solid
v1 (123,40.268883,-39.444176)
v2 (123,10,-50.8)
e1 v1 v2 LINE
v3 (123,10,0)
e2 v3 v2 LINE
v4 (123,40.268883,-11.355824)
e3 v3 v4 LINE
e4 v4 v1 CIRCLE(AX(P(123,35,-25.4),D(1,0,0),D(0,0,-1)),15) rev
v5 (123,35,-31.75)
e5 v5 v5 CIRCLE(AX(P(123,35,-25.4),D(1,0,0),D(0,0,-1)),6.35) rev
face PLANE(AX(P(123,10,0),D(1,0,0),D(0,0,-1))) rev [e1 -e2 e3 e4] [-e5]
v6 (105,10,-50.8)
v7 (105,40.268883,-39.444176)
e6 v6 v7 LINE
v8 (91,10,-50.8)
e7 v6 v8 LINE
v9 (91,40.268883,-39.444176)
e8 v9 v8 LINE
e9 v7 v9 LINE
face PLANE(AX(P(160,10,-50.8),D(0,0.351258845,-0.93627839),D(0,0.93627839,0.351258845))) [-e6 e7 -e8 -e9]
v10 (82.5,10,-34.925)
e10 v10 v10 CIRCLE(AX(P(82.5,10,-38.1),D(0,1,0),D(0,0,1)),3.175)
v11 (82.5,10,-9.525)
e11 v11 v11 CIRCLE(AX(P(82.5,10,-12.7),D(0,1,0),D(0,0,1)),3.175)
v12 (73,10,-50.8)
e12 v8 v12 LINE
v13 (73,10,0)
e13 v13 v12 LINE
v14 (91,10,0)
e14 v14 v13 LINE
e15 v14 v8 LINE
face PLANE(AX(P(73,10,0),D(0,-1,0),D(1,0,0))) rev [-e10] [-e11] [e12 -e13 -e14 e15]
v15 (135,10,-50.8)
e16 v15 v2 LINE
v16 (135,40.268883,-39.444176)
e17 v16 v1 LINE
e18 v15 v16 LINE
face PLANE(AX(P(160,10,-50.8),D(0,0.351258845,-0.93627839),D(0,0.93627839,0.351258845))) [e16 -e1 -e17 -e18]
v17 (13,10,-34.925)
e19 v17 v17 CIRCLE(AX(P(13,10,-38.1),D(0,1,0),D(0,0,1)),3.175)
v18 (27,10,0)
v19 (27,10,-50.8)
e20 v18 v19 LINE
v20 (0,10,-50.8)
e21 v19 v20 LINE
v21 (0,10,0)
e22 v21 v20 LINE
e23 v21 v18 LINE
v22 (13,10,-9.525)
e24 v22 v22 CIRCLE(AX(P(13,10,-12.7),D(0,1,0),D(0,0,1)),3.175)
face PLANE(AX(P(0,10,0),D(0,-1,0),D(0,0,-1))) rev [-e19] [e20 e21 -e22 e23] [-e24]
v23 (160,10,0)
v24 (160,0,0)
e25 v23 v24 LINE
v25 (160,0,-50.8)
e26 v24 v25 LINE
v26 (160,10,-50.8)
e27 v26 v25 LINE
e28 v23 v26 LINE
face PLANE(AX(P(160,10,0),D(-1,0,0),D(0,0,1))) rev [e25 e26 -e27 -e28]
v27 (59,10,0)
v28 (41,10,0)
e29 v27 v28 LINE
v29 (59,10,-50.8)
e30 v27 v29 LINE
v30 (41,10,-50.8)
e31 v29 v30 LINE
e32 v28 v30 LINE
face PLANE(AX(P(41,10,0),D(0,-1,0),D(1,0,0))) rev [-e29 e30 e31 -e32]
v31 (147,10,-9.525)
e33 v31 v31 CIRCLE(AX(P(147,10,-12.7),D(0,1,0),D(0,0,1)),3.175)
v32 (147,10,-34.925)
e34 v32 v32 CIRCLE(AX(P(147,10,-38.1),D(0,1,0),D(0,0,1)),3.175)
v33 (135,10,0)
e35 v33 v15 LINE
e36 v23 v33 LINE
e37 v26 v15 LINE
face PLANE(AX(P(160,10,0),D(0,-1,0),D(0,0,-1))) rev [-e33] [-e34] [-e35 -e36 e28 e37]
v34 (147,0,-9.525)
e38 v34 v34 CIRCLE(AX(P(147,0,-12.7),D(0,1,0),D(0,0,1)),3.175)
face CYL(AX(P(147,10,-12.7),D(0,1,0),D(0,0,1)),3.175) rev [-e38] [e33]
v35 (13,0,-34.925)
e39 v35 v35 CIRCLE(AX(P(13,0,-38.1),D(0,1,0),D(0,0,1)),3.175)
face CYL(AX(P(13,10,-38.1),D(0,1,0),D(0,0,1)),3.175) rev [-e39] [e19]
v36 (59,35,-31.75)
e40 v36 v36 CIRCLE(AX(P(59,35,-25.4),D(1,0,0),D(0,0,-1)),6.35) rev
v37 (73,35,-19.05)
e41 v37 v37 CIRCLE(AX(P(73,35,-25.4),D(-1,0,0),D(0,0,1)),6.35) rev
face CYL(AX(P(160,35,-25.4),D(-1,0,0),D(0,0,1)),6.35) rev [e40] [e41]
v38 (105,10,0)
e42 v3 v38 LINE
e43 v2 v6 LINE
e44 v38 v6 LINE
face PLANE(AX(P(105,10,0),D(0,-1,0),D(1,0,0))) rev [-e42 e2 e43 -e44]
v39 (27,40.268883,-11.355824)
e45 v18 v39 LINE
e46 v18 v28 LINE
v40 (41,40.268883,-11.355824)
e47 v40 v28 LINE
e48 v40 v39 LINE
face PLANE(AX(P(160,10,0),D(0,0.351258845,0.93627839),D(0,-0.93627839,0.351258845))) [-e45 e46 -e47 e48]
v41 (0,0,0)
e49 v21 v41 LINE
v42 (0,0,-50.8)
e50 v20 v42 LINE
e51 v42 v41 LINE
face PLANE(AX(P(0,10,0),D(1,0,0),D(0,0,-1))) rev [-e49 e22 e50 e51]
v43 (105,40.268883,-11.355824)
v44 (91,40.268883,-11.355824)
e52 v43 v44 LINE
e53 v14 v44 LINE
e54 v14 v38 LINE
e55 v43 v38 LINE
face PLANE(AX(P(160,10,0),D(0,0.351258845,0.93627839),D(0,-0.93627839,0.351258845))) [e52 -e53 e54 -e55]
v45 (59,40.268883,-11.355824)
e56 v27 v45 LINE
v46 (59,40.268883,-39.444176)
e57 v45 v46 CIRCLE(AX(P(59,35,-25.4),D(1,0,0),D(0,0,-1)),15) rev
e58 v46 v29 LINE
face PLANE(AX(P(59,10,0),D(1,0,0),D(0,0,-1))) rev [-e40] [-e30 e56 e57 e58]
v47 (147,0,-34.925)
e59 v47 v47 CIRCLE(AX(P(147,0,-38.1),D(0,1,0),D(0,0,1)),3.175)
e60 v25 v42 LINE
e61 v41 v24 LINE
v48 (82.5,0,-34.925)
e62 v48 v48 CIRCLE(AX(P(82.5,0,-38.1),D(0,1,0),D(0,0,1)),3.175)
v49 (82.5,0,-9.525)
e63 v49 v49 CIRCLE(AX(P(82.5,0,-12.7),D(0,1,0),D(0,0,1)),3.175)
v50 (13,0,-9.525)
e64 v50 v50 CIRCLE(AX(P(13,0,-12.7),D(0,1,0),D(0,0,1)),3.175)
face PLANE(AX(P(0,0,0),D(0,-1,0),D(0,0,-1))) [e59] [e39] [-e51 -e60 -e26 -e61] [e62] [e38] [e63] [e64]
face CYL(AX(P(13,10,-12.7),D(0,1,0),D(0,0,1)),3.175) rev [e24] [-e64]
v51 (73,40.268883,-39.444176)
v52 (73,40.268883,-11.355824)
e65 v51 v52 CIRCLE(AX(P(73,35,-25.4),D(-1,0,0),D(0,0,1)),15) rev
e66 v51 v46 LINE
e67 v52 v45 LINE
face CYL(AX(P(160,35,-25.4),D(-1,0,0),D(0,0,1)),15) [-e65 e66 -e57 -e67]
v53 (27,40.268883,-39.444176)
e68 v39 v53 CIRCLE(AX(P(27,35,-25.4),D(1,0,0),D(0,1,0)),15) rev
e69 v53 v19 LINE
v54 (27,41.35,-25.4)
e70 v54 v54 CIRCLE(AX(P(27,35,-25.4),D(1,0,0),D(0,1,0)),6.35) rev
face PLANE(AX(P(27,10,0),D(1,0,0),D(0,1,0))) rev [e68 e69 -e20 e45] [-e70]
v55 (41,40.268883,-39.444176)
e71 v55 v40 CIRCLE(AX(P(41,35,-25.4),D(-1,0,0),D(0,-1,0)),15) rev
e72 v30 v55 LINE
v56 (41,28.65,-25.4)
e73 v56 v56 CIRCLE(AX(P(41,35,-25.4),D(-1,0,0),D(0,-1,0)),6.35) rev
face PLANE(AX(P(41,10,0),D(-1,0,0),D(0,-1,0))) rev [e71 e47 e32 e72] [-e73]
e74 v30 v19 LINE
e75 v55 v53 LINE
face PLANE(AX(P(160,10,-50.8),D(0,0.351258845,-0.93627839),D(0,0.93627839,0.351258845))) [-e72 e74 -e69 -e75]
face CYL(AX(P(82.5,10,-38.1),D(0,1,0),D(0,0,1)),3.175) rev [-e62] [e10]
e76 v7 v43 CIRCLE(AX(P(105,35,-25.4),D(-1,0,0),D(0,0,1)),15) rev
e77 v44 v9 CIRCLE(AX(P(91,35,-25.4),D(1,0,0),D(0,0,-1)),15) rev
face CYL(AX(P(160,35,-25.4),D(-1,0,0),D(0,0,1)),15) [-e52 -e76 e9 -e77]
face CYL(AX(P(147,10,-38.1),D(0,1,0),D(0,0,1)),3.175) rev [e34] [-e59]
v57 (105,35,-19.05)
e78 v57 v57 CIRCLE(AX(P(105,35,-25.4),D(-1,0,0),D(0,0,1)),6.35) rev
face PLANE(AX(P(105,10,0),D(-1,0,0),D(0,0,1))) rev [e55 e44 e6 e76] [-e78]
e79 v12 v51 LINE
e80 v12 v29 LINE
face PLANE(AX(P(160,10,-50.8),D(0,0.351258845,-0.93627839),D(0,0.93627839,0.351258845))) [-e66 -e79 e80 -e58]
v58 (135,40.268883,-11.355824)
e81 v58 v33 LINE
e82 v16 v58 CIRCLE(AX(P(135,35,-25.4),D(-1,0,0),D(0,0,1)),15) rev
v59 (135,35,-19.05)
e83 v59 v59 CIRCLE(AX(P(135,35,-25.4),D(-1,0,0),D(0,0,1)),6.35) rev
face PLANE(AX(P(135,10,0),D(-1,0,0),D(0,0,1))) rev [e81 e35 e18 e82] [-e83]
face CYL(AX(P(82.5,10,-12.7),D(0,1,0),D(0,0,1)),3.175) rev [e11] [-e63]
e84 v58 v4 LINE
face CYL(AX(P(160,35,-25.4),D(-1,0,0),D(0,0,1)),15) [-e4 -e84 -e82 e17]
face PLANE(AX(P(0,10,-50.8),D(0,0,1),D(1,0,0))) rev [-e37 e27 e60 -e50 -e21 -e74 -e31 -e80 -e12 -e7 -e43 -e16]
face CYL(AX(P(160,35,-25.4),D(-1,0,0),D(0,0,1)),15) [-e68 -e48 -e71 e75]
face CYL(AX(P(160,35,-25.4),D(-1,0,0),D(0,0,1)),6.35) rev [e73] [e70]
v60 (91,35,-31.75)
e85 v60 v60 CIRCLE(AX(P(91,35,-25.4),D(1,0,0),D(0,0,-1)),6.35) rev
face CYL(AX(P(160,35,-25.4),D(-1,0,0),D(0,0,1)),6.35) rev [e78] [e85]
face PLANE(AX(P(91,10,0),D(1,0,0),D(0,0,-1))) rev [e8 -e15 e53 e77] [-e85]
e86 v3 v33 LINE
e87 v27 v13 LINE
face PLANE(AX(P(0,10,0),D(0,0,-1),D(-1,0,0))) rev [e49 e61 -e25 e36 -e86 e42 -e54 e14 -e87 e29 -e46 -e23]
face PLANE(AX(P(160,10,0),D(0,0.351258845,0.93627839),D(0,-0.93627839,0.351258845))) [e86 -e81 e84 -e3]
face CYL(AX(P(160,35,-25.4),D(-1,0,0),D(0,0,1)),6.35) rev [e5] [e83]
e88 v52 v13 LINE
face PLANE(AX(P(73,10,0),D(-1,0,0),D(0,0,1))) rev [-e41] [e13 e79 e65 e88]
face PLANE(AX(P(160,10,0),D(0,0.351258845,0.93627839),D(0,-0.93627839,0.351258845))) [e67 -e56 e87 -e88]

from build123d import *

# Parameters (mm, degrees)
SKETCH1_W                 = 160
SKETCH1_H                 = 50.8
BOSS_EXTRUDE1_DEPTH       = 10
SKETCH2_R                 = 6.35
BOSS_EXTRUDE2_DEPTH       = 160
SKETCH3_W                 = 27
SKETCH3_H                 = 40
SKETCH3_W_2               = 18
SKETCH3_W_3               = 25
CUT_EXTRUDE2_DEPTH        = 176.158899289
F_4_0_25_DIAMETER_HOLE1_D = 6.35


with BuildPart() as part:
    # Sketch1 → Boss-Extrude1 (new body)
    with BuildSketch(Plane(origin=(0, 0, 0), x_dir=(1, 0, 0), z_dir=(0, 1, 0))):
        with Locations((80, 25.4)):
            Rectangle(SKETCH1_W, SKETCH1_H)
    extrude(amount=BOSS_EXTRUDE1_DEPTH)

    # Sketch2 → Boss-Extrude2 (add, through all)
    with BuildSketch(Plane.ZY):
        with BuildLine():
            Line((-50.8, 10), (-39.444175854, 40.268882668))
            ThreePointArc((-39.444175854, 40.268882668), (-25.4, 50), (-11.355824146, 40.268882668))
            Line((-11.355824146, 40.268882668), (0, 10))
            Line((0, 10), (-50.8, 10))
        make_face()
        with Locations((-25.4, 35)):
            Circle(SKETCH2_R, mode=Mode.SUBTRACT)
    extrude(amount=-BOSS_EXTRUDE2_DEPTH)

    # Sketch3 → Cut-Extrude2 (cut, through all)
    with BuildSketch(Plane(origin=(0, 0, -50.8), x_dir=(-1, 0, 0), z_dir=(0, 0, -1))):
        with Locations((-13.5, 30)):
            Rectangle(SKETCH3_W, SKETCH3_H)
        with Locations((-50, 30)):
            Rectangle(SKETCH3_W_2, SKETCH3_H)
        with Locations((-82, 30)):
            Rectangle(SKETCH3_W_2, SKETCH3_H)
        with Locations((-114, 30)):
            Rectangle(SKETCH3_W_2, SKETCH3_H)
        with Locations((-147.5, 30)):
            Rectangle(SKETCH3_W_3, SKETCH3_H)
    extrude(amount=-CUT_EXTRUDE2_DEPTH, mode=Mode.SUBTRACT)

    # #4 (0.25) Diameter Hole1 (through all)
    with Locations(Plane(origin=(0, 10, 0), x_dir=(1, 0, 0), z_dir=(0, 1, 0))):
        with Locations((82.5, 38.1), (82.5, 12.7), (147, 12.7), (147, 38.1), (13, 38.1), (13, 12.7)):
            Hole(F_4_0_25_DIAMETER_HOLE1_D / 2)


solid = part.part
